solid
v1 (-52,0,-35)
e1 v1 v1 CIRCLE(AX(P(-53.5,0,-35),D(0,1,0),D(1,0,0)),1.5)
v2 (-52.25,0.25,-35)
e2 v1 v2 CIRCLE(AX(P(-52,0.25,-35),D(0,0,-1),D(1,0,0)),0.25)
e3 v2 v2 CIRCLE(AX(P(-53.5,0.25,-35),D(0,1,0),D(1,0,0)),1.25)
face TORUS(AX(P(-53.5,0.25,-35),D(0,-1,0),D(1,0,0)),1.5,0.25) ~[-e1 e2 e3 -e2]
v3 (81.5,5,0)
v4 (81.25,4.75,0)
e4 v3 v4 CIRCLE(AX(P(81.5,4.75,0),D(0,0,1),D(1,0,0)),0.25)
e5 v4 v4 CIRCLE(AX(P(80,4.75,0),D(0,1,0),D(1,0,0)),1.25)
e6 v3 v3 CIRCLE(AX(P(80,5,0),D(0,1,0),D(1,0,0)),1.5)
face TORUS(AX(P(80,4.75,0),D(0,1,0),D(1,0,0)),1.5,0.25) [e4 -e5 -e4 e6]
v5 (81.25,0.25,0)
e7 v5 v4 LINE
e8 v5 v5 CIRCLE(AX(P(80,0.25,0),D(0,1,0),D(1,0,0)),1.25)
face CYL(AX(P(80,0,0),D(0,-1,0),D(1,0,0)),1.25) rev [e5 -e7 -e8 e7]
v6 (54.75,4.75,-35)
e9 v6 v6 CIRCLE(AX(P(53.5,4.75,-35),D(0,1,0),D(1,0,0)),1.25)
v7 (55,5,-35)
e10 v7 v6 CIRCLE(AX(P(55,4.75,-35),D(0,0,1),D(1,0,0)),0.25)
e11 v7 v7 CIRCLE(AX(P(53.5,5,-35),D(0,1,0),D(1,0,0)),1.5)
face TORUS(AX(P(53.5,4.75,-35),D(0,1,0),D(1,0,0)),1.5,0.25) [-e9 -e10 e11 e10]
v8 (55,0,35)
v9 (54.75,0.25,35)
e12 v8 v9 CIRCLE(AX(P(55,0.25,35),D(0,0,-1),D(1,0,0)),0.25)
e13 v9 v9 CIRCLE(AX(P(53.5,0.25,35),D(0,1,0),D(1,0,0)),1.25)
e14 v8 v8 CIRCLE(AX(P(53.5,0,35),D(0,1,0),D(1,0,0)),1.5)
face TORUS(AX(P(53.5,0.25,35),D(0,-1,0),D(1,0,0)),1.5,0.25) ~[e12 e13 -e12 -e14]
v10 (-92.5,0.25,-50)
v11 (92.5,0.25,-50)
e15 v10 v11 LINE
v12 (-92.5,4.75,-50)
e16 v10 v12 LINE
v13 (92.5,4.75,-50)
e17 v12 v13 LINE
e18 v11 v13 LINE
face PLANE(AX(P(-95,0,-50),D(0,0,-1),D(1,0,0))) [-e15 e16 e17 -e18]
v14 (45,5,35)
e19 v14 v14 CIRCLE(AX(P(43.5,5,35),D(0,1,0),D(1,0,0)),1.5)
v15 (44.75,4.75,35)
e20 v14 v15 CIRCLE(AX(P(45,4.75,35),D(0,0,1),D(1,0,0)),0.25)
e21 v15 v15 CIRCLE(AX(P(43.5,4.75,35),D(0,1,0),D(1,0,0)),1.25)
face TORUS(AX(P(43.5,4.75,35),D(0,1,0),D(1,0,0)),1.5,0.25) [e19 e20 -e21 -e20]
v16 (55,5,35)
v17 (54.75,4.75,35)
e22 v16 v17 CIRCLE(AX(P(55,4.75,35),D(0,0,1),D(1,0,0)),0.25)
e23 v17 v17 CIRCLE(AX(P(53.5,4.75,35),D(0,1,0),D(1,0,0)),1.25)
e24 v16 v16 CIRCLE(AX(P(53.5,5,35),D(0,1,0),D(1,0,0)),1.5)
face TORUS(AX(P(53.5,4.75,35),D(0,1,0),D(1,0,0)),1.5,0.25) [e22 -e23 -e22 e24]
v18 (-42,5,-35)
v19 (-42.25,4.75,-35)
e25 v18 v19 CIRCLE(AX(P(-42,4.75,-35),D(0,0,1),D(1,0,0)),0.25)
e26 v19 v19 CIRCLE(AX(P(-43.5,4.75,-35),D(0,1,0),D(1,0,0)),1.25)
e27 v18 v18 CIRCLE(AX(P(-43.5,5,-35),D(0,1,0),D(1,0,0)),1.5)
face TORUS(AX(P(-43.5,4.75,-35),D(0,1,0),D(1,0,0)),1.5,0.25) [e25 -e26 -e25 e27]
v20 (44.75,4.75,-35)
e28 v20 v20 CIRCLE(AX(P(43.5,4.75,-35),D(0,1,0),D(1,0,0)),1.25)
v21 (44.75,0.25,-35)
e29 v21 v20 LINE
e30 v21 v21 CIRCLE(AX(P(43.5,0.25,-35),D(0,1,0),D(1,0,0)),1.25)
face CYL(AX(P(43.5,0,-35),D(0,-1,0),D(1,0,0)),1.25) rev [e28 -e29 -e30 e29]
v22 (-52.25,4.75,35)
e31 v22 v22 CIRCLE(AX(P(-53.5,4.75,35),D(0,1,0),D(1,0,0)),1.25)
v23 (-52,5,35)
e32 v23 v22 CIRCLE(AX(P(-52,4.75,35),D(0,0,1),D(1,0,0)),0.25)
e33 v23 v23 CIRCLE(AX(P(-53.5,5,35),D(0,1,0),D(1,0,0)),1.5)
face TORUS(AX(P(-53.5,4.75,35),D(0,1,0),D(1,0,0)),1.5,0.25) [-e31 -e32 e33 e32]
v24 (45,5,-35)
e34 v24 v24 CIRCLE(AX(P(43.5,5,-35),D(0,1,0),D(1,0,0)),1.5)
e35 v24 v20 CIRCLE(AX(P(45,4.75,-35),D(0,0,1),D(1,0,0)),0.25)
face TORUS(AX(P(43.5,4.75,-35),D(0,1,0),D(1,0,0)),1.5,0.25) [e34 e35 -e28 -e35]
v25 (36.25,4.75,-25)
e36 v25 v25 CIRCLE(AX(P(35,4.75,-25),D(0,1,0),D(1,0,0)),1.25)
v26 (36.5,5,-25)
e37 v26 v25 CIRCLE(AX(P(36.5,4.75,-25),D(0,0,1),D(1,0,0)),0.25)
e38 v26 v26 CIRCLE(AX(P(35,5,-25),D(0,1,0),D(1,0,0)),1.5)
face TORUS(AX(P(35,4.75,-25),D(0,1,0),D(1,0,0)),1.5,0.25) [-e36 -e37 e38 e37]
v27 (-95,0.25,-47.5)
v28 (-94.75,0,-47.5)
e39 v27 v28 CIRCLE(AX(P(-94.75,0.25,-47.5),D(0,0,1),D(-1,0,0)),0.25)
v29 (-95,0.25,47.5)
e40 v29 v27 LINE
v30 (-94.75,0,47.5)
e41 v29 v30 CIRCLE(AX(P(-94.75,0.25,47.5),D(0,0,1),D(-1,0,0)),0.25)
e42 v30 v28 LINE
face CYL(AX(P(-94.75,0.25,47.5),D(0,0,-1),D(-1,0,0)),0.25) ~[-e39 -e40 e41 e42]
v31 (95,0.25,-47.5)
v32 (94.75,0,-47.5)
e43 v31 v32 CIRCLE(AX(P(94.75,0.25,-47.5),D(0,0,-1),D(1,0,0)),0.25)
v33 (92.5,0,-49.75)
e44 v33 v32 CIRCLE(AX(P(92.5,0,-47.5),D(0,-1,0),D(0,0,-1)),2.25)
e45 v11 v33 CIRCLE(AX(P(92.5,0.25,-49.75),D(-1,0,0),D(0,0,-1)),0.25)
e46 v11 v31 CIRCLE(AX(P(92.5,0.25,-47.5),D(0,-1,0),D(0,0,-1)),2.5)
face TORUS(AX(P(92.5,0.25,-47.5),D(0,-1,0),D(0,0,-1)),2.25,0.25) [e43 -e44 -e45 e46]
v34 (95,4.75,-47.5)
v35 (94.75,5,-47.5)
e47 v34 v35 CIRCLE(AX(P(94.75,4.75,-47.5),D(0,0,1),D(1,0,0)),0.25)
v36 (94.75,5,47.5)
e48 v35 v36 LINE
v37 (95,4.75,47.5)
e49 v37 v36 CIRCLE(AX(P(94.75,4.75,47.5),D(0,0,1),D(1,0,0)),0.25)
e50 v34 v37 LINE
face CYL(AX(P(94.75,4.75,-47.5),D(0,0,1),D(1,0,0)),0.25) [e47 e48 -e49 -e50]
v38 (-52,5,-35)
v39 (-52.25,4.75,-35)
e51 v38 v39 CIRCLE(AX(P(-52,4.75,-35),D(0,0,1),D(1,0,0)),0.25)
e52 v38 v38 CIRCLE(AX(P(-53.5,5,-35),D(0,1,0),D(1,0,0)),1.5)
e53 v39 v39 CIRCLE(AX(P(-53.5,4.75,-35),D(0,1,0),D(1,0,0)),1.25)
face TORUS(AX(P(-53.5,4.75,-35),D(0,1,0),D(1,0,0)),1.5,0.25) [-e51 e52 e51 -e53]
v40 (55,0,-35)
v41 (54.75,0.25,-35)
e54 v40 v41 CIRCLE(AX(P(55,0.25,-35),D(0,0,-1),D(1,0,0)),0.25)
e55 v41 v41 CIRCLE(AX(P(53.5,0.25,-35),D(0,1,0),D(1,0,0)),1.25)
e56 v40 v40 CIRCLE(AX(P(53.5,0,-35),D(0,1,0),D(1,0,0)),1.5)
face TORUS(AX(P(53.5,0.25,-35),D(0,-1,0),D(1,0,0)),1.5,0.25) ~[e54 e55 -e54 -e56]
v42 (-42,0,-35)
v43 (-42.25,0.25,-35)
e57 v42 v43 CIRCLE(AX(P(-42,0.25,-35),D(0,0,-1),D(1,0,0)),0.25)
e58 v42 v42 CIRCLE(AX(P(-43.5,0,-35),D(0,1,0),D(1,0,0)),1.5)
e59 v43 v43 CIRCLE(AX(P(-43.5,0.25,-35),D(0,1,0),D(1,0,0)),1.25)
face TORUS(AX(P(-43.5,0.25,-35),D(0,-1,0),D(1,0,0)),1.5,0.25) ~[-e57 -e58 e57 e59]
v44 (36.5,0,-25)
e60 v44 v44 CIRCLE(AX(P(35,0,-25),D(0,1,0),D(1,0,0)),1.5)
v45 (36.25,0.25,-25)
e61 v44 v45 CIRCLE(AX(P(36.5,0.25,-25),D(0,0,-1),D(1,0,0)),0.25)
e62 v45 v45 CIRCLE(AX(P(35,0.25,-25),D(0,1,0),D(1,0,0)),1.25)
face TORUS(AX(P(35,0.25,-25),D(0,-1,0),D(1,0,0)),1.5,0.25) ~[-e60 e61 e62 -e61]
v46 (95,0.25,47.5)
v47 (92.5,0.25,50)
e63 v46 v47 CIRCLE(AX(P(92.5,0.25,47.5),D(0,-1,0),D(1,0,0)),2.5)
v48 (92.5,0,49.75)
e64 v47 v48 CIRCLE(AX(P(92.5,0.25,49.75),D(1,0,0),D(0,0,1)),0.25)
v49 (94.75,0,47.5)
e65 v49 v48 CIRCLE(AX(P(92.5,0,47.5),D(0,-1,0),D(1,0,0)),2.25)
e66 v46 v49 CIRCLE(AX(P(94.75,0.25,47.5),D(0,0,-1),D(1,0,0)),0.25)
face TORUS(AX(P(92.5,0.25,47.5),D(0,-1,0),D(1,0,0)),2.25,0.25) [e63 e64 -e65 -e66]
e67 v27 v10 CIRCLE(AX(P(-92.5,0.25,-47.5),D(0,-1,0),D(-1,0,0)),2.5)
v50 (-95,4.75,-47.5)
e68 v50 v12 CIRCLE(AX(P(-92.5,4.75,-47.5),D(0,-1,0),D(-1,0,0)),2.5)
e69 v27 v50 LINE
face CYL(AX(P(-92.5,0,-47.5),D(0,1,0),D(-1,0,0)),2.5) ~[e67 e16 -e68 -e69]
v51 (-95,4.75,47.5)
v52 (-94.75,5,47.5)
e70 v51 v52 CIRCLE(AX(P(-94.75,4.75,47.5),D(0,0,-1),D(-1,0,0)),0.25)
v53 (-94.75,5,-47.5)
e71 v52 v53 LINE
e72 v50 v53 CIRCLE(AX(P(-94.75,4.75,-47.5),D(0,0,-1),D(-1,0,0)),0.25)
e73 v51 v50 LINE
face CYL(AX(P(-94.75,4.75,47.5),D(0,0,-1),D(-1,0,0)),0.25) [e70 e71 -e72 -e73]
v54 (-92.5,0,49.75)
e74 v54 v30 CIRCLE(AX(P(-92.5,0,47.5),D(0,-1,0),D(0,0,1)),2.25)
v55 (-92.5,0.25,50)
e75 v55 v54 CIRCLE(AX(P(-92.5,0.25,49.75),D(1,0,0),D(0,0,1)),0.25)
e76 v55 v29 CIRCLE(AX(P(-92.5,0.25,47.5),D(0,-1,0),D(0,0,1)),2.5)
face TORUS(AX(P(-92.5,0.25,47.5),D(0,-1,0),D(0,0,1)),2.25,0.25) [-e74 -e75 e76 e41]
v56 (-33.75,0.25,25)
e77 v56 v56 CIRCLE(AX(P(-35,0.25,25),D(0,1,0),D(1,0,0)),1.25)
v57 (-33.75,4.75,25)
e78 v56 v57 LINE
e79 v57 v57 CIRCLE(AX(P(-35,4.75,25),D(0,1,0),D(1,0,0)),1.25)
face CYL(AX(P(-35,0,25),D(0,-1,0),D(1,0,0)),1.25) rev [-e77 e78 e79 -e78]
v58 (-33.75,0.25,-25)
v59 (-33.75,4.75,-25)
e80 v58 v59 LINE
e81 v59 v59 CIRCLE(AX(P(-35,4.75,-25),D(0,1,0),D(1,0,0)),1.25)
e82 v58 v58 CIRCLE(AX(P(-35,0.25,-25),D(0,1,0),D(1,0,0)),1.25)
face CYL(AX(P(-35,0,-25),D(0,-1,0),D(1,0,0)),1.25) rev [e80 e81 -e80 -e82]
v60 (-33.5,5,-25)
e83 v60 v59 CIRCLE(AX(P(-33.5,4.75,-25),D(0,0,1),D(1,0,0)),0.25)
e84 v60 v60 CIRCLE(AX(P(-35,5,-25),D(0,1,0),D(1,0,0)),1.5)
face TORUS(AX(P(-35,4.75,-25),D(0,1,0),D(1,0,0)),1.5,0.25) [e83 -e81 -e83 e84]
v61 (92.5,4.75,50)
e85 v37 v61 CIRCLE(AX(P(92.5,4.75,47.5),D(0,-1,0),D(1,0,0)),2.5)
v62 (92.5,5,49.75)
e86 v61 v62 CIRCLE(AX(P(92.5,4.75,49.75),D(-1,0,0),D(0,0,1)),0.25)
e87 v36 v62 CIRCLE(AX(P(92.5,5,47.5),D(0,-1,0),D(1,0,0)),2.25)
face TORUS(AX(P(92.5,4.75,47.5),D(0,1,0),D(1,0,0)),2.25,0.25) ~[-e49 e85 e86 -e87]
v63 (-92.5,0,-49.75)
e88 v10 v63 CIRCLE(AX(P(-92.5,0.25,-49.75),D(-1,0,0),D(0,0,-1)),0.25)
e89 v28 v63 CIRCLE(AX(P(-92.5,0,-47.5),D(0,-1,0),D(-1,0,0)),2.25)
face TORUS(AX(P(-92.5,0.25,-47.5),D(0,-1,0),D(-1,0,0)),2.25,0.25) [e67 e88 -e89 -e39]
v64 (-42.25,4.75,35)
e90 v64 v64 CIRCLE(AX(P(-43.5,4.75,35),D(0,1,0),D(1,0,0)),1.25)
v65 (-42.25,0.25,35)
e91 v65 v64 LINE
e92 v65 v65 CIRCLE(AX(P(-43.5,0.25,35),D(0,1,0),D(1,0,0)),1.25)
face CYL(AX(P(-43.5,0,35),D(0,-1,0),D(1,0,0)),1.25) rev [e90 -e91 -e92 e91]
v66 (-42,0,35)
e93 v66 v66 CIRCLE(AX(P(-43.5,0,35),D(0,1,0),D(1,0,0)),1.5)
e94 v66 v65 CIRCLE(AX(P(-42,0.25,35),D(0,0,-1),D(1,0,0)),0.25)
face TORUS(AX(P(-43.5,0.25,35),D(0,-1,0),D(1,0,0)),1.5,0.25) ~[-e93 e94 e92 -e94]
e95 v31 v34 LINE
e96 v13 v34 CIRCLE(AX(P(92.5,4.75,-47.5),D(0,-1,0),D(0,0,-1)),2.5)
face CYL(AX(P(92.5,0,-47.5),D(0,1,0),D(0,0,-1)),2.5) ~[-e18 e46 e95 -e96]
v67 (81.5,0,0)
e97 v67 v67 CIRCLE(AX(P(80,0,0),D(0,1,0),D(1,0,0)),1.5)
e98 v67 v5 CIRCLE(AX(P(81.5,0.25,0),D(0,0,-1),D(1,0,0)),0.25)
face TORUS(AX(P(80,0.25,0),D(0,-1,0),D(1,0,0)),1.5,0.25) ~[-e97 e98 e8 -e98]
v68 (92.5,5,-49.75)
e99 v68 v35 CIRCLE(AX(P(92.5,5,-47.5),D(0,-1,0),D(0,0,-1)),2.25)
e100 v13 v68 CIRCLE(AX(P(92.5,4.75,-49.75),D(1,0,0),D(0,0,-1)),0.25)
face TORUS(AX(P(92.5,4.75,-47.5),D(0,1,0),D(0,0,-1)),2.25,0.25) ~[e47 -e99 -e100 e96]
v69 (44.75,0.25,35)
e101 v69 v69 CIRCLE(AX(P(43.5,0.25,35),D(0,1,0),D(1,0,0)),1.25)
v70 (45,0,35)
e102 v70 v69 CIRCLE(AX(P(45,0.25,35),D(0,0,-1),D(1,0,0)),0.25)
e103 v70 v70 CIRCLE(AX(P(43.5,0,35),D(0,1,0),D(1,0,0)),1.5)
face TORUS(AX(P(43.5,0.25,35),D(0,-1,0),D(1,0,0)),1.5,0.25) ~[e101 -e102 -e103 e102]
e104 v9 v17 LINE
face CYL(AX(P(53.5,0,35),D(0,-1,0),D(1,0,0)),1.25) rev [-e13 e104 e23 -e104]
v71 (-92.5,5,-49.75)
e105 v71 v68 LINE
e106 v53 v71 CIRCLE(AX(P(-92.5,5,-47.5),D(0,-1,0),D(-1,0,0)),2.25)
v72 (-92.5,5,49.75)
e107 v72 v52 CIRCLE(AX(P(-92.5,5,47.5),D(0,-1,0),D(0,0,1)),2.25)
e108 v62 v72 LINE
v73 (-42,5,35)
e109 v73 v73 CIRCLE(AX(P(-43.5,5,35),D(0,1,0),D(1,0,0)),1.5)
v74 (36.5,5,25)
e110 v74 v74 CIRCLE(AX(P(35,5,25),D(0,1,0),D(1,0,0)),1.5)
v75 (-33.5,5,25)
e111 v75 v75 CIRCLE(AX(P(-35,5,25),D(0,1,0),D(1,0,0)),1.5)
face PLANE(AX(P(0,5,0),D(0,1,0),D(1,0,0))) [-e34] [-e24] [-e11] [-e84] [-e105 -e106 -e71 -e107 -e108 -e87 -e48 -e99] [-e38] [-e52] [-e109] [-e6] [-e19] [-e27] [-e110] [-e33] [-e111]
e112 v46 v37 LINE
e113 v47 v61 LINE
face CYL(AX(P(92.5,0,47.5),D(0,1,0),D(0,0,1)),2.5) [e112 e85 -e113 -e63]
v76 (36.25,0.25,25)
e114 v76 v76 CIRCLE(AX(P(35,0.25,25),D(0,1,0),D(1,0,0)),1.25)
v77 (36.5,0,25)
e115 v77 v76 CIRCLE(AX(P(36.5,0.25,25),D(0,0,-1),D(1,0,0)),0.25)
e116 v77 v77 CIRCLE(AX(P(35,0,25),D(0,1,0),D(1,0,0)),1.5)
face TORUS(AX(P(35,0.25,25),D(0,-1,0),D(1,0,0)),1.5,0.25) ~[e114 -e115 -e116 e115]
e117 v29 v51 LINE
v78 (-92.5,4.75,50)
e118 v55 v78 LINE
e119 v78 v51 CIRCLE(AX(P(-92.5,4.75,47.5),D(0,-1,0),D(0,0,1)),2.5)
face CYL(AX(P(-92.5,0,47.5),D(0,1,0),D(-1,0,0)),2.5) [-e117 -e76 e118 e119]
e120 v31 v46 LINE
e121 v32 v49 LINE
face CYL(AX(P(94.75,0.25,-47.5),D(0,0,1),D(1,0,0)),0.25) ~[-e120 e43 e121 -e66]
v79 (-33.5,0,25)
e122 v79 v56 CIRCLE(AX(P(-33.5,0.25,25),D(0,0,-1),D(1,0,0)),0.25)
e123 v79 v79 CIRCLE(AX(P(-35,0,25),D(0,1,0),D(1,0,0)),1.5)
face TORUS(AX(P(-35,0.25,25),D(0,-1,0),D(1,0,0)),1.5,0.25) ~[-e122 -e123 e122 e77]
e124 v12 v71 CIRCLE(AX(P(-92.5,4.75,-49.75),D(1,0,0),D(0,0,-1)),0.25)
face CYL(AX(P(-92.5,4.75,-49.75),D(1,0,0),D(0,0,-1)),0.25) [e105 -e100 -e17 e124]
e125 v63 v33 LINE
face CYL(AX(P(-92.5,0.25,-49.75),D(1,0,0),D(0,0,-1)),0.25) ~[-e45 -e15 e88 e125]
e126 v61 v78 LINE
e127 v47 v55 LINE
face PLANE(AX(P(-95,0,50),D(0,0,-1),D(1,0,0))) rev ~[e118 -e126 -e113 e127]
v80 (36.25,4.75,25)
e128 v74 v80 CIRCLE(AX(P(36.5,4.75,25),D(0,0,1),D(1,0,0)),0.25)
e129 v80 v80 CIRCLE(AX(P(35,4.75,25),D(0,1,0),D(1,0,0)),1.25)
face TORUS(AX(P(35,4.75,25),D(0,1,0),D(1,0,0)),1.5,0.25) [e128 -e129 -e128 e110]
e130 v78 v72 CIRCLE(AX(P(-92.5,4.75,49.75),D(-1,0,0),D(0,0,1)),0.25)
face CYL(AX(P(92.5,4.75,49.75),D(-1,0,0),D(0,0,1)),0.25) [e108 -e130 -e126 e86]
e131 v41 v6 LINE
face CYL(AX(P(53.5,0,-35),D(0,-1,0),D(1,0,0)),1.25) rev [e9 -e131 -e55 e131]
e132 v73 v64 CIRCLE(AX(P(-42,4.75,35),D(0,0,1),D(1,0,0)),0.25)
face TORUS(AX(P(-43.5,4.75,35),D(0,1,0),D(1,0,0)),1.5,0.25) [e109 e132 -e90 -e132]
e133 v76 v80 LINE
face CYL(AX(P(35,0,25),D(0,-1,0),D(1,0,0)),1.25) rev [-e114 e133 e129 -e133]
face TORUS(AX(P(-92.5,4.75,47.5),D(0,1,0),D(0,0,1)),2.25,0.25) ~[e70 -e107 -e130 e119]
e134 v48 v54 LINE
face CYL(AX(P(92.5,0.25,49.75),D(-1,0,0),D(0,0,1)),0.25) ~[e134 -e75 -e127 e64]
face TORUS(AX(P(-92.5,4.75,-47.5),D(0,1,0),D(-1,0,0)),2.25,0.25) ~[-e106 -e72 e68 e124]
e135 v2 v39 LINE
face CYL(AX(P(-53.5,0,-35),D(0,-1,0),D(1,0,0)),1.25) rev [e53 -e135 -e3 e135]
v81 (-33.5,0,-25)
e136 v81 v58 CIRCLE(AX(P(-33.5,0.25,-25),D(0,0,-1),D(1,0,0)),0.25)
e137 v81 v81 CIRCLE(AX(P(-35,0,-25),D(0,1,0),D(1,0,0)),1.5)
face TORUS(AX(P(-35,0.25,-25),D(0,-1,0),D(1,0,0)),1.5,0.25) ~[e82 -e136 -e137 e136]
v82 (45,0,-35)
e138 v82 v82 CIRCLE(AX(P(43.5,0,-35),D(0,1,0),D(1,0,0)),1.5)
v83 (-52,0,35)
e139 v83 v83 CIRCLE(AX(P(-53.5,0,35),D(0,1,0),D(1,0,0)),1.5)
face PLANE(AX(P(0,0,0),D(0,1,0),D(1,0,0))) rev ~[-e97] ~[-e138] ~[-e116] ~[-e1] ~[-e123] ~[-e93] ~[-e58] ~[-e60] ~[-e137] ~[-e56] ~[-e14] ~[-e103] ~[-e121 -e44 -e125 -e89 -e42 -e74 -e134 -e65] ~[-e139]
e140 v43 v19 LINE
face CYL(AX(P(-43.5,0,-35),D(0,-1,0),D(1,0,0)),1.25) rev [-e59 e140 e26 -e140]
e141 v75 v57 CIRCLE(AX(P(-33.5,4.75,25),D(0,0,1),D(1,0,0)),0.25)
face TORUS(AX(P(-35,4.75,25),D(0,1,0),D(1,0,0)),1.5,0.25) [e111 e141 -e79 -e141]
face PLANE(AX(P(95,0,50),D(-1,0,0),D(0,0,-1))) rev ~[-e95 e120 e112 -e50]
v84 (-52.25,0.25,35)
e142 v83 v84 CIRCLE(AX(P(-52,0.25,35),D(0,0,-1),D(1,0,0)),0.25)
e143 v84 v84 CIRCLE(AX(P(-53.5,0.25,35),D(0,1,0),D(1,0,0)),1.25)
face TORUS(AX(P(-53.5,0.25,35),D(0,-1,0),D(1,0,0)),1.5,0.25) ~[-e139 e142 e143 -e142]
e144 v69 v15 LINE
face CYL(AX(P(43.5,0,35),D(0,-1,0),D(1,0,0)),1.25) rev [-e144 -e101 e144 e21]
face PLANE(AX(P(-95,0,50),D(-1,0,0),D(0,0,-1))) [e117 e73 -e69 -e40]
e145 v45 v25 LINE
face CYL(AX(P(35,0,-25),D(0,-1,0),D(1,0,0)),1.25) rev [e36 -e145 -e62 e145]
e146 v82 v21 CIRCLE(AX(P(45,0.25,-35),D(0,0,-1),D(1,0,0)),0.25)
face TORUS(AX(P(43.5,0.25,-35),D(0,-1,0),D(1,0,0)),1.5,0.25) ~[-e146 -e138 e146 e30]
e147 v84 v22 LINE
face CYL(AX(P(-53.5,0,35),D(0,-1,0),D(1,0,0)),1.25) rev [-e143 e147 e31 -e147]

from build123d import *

# Parameters (mm, degrees)
SKETCH1_W           = 190
SKETCH1_H           = 100
SKETCH1_R           = 1.25
BOSS_EXTRUDE1_DEPTH = 5
FILLET1_R           = 2.5
FILLET2_R           = 0.25


with BuildPart() as part:
    # Sketch1 → Boss-Extrude1 (new body)
    with BuildSketch(Plane(origin=(0, 0, 0), x_dir=(1, 0, 0), z_dir=(0, 1, 0))):
        Rectangle(SKETCH1_W, SKETCH1_H)
        with Locations((-35, 25)):
            Circle(SKETCH1_R, mode=Mode.SUBTRACT)
        with Locations((35, 25)):
            Circle(SKETCH1_R, mode=Mode.SUBTRACT)
        with Locations((35, -25)):
            Circle(SKETCH1_R, mode=Mode.SUBTRACT)
        with Locations((-35, -25)):
            Circle(SKETCH1_R, mode=Mode.SUBTRACT)
        with Locations((80, 0)):
            Circle(SKETCH1_R, mode=Mode.SUBTRACT)
        with Locations((-53.5, -35)):
            Circle(SKETCH1_R, mode=Mode.SUBTRACT)
        with Locations((-43.5, -35)):
            Circle(SKETCH1_R, mode=Mode.SUBTRACT)
        with Locations((-53.5, 35)):
            Circle(SKETCH1_R, mode=Mode.SUBTRACT)
        with Locations((-43.5, 35)):
            Circle(SKETCH1_R, mode=Mode.SUBTRACT)
        with Locations((53.5, -35)):
            Circle(SKETCH1_R, mode=Mode.SUBTRACT)
        with Locations((43.5, -35)):
            Circle(SKETCH1_R, mode=Mode.SUBTRACT)
        with Locations((53.5, 35)):
            Circle(SKETCH1_R, mode=Mode.SUBTRACT)
        with Locations((43.5, 35)):
            Circle(SKETCH1_R, mode=Mode.SUBTRACT)
    extrude(amount=BOSS_EXTRUDE1_DEPTH)

    # Fillet1
    fillet1_edges = [part.edges().sort_by_distance(p)[0] for p in [
        (95, 2.5, 50),
        (-95, 2.5, 50),
        (-95, 2.5, -50),
        (95, 2.5, -50),
    ]]
    fillet(fillet1_edges, radius=FILLET1_R)

    # Fillet2
    fillet2_edges = [part.edges().sort_by_distance(p)[0] for p in [
        (-36.25, 0, -25),
        (-36.25, 5, -25),
        (33.75, 0, -25),
        (33.75, 5, -25),
        (33.75, 0, 25),
        (33.75, 5, 25),
        (-36.25, 0, 25),
        (-36.25, 5, 25),
        (78.75, 0, 0),
        (78.75, 5, 0),
        (-54.75, 0, 35),
        (-54.75, 5, 35),
        (-44.75, 0, 35),
        (-44.75, 5, 35),
        (-54.75, 0, -35),
        (-54.75, 5, -35),
        (-44.75, 0, -35),
        (-44.75, 5, -35),
        (52.25, 0, 35),
        (52.25, 5, 35),
        (42.25, 0, 35),
        (42.25, 5, 35),
        (52.25, 0, -35),
        (52.25, 5, -35),
        (42.25, 0, -35),
        (42.25, 5, -35),
        (-95, 0, 0),
        (-95, 5, 0),
        (95, 0, 0),
        (0, 0, 50),
        (0, 0, -50),
        (94.267766953, 0, 49.267766953),
        (94.267766953, 0, -49.267766953),
        (-94.267766953, 0, 49.267766953),
        (-94.267766953, 0, -49.267766953),
        (0, 5, -50),
        (95, 5, 0),
        (0, 5, 50),
        (94.267766953, 5, 49.267766953),
        (94.267766953, 5, -49.267766953),
        (-94.267766953, 5, 49.267766953),
        (-94.267766953, 5, -49.267766953),
    ]]
    fillet(fillet2_edges, radius=FILLET2_R)


solid = part.part
